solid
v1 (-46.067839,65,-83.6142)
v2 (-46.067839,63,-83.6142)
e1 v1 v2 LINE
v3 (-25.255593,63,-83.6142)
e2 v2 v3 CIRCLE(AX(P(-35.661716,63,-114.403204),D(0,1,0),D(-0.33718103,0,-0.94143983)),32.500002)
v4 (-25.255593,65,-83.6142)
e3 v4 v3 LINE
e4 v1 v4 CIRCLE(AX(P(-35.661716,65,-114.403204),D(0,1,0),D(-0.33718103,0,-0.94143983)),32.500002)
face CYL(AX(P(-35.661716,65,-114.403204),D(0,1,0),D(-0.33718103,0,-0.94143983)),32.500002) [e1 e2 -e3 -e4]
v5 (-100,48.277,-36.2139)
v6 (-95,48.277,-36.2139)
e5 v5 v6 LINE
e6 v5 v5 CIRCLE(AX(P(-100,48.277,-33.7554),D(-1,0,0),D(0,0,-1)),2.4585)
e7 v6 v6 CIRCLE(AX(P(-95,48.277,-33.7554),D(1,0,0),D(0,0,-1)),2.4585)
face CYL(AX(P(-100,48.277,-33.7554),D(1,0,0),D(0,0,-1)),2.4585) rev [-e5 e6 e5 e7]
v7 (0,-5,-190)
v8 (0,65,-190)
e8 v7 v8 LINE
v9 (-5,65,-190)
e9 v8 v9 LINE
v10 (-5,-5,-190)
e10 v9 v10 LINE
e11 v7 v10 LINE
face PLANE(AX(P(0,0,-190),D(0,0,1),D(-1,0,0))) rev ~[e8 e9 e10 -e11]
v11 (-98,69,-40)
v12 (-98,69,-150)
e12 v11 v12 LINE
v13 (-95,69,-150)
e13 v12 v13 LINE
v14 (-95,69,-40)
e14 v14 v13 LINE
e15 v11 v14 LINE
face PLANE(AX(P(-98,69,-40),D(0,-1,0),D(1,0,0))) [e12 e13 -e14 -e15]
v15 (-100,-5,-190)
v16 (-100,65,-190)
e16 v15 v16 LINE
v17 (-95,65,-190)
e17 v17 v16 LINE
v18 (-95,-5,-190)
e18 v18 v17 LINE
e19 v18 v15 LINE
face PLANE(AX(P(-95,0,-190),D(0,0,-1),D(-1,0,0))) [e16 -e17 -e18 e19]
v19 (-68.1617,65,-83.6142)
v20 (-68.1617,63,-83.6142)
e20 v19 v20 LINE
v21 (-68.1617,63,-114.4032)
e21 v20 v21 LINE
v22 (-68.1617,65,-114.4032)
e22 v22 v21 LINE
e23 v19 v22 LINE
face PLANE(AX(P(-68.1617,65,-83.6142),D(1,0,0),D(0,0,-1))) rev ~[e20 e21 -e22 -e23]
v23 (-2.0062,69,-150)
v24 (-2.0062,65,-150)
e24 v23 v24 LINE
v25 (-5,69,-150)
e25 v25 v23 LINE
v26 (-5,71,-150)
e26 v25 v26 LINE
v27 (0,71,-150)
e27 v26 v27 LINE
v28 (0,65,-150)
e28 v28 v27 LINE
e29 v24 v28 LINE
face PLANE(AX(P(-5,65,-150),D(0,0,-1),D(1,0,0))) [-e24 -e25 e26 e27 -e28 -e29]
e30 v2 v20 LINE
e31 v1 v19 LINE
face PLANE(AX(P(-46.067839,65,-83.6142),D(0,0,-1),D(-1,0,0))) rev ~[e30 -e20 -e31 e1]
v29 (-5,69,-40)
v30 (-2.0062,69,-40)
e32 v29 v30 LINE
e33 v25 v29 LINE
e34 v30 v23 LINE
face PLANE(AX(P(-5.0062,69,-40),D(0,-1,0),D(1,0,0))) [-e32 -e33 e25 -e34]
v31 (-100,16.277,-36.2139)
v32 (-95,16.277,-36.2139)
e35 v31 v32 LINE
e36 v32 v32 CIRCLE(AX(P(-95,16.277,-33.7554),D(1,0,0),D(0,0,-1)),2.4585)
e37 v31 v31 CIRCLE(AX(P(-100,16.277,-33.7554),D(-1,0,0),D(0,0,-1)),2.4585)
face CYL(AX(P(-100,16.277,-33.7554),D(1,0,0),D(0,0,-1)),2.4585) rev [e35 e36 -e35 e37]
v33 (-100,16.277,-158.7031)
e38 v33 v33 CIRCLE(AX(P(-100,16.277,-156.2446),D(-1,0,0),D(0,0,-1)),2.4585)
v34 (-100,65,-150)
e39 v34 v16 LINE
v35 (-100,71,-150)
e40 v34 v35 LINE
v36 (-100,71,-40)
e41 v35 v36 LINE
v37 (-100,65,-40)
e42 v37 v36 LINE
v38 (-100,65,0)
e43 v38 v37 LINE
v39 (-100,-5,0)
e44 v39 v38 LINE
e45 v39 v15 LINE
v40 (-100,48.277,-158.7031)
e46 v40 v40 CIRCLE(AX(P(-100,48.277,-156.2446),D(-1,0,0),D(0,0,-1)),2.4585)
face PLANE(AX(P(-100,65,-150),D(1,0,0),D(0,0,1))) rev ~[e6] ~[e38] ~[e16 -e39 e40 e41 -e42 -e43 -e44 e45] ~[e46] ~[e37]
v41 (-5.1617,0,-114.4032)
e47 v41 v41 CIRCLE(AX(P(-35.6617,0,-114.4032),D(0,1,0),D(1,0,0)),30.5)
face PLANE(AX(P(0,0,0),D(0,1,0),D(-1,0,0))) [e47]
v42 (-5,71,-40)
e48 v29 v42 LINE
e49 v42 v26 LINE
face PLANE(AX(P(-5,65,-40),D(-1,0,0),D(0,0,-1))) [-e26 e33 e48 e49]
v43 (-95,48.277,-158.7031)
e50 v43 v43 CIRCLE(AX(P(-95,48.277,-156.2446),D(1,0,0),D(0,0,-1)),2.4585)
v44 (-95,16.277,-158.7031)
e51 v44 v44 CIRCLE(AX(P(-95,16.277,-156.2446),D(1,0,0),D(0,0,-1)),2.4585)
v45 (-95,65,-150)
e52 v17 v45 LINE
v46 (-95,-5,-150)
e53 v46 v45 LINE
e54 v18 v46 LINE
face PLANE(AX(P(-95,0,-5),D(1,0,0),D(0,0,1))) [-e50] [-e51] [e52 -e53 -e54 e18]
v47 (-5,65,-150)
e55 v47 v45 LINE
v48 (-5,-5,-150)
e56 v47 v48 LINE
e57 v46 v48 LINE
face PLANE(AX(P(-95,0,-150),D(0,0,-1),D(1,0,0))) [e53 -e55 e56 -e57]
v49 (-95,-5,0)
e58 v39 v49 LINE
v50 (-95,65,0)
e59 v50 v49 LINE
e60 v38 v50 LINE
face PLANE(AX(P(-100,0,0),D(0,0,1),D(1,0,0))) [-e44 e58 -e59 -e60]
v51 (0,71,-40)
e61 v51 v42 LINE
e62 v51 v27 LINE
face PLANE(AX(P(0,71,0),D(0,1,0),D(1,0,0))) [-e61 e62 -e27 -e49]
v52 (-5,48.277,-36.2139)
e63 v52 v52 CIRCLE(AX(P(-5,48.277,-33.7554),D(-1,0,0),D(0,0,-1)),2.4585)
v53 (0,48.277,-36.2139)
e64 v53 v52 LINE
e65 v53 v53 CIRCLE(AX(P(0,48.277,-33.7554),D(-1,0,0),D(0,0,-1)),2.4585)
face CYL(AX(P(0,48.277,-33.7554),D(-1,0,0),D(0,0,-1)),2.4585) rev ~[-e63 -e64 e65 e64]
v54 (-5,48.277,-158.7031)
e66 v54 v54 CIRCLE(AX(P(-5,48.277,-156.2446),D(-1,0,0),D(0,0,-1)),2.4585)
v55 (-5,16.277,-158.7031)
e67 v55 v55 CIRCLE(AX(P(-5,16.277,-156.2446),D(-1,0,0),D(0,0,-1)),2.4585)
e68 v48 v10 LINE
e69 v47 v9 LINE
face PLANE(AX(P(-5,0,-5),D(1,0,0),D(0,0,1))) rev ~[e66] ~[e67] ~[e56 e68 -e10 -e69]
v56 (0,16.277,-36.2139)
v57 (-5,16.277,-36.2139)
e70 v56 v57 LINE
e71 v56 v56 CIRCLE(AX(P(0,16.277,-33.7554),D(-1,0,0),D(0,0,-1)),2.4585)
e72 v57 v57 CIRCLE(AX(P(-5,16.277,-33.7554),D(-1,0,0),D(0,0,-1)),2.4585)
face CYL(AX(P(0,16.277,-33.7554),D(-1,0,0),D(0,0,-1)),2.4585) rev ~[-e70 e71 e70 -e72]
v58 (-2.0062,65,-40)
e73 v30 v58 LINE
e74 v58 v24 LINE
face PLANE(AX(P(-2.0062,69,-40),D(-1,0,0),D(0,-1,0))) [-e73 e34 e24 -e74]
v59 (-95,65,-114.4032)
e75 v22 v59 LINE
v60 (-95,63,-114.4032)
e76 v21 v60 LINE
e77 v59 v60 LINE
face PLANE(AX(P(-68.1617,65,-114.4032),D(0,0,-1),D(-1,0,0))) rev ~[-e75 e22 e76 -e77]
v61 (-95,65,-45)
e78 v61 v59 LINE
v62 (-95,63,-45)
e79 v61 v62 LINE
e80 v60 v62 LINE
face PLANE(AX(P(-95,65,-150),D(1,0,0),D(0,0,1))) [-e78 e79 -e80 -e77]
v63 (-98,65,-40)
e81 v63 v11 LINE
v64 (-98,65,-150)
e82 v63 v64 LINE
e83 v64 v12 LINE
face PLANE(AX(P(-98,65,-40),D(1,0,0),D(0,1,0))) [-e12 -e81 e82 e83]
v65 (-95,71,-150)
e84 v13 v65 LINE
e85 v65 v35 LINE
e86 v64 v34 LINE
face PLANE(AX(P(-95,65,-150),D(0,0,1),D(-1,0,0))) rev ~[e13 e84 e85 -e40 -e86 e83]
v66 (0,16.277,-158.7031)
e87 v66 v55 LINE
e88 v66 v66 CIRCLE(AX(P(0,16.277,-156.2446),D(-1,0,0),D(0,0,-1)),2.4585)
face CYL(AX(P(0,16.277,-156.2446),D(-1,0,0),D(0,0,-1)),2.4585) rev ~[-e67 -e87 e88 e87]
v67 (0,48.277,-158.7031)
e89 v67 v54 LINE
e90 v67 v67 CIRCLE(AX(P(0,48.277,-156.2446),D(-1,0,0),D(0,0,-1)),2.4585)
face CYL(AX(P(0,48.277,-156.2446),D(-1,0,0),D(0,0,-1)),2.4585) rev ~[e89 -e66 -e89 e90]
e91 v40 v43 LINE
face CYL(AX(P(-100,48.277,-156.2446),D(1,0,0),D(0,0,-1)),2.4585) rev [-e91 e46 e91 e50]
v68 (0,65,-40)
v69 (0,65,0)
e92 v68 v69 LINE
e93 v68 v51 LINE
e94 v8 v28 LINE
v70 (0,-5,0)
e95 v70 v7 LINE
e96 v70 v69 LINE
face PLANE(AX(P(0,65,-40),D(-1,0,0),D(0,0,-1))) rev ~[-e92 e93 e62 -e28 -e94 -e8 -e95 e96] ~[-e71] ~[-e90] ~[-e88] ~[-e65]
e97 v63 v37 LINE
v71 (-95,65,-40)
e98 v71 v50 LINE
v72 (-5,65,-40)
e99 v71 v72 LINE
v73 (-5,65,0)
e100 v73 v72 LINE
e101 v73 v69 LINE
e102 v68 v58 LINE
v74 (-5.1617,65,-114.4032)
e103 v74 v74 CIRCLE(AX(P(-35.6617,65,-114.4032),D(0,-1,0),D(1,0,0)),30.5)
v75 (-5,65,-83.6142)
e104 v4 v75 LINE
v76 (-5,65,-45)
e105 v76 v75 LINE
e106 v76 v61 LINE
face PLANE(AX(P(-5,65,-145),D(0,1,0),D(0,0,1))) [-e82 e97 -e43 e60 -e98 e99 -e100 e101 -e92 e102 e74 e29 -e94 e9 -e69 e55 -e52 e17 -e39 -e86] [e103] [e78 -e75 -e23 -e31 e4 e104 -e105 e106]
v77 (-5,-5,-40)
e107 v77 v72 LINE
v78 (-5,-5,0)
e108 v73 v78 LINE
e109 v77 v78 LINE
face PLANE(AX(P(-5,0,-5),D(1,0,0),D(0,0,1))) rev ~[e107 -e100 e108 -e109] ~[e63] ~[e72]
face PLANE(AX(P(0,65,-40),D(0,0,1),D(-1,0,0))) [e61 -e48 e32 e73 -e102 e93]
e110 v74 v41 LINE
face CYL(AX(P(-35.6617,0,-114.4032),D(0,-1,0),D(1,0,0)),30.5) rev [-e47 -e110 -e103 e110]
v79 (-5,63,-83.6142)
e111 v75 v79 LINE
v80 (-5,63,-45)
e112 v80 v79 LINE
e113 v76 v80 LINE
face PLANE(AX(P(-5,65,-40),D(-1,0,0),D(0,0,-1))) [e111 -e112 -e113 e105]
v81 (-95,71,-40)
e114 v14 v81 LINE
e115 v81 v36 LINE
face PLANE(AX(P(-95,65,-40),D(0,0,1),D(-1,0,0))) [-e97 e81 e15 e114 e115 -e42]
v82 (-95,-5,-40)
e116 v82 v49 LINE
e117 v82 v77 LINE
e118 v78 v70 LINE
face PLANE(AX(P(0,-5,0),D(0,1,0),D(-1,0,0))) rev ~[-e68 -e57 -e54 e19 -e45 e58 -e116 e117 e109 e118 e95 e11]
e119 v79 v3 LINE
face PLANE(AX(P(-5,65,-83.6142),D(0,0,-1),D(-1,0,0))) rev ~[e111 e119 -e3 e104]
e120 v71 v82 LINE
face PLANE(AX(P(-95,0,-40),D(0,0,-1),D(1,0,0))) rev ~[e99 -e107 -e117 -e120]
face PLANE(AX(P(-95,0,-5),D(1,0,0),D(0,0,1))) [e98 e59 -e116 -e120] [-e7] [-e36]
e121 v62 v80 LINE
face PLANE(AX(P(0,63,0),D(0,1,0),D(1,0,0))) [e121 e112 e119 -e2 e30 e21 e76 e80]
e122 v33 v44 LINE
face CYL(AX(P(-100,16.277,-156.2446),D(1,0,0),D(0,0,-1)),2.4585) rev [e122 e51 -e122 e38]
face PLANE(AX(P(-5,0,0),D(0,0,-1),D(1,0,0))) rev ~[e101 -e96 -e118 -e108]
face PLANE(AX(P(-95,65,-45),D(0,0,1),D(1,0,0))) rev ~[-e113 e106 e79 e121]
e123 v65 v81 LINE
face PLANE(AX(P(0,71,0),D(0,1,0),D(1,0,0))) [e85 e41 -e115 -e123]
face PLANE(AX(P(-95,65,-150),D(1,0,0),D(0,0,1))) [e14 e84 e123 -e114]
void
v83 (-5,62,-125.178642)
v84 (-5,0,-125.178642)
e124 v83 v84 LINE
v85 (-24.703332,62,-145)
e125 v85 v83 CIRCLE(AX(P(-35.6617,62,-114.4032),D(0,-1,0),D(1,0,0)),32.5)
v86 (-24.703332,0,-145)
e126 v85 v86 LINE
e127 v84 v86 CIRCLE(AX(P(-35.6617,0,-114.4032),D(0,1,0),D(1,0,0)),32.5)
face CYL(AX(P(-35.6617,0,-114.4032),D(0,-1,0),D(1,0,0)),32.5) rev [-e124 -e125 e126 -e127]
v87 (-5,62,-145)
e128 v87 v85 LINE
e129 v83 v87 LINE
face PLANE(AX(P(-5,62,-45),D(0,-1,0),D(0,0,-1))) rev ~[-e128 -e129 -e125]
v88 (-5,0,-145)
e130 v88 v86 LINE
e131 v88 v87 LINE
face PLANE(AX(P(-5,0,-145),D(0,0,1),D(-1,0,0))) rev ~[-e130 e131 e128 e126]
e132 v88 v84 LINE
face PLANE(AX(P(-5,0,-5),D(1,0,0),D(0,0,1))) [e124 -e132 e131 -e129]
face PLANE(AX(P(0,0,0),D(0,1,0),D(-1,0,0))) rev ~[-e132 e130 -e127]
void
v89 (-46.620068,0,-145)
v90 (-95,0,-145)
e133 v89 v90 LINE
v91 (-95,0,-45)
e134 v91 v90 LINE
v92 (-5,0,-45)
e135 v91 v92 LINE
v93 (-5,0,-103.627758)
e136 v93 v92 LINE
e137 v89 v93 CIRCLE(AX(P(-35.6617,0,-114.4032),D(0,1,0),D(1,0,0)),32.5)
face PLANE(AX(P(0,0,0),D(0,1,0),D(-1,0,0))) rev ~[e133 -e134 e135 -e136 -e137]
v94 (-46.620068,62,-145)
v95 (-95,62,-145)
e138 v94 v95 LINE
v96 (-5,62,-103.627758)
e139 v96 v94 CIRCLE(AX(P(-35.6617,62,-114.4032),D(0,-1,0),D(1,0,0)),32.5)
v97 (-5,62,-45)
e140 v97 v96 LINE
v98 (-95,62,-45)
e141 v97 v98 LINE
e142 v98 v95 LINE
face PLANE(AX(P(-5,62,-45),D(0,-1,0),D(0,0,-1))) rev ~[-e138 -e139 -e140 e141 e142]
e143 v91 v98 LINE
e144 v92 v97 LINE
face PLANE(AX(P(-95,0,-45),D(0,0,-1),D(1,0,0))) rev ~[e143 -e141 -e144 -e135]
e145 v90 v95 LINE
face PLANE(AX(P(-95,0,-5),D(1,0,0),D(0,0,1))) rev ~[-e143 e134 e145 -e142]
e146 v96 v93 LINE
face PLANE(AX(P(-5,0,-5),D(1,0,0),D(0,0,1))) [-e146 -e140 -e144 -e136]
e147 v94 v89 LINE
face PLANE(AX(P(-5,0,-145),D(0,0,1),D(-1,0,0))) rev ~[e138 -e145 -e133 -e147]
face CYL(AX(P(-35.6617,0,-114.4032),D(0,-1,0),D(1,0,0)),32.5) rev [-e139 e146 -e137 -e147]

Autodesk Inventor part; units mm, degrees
ref_plane "YZ Plane" through (0, 0, 0) normal (1, 0, 0) x (0, 1, 0)
ref_plane "XZ Plane" through (0, 0, 0) normal (0, 1, 0) x (-1, 0, 0)
ref_plane "XY Plane" through (0, 0, 0) normal (0, 0, 1) x (1, 0, 0)
sketch "Sketch1" plane through (0, 0, 0) normal (0, 1, 0) x (-1, 0, 0)
  line L0 (0, 0) -> (0, -190)
  line L1 (0, -190) -> (100, -190)
  line L2 (100, -190) -> (100, 0)
  line L3 (100, 0) -> (0, 0)
  line L4 (95, -5) -> (95, -185)
  line L5 (95, -185) -> (5, -185)
  line L6 (5, -185) -> (5, -5)
  line L7 (5, -5) -> (95, -5)
  line L8 (95, -5) -> (95, 0)
  line L9 (95, -185) -> (95, -190)
  line L10 (5, -185) -> (5, -190)
  line L11 (5, -5) -> (5, 0)
  line L12 (100, -45) -> (0, -45)
  line L13 (0, -45) -> (0, -145)
  line L14 (0, -145) -> (100, -145)
  line L15 (100, -145) -> (100, -45)
  line L16 (100, -40) -> (0, -40)
  line L17 (100, -150) -> (0, -150)
  point P0 (100, -95)
  point P1 (100, -95)
  point P2 (5, -150)
  point P3 (95, -150)
  point P4 (95, -40)
  point P5 (5, -40)
  point P6 (95, -145)
  point P7 (5, -145)
  point P8 (5, -45)
  point P9 (95, -45)
  dimension "d0" = 190
  dimension "d1" = 100
  dimension "d2" = 100
  dimension "d3" = 5
  dimension "d4" = 5
extrude "Extrusion1" add sketch "Sketch1" along normal blind 65 contours L3 L11 L6 L16 L0 | L16 L6 L12 L0 | L12 L6 L14 L0 | L3 L2 L16 L4 L8 | L14 L6 L17 L0 | L16 L2 L12 L4 | L17 L6 L10 L1 L0 | L12 L2 L14 L4 | L14 L2 L17 L4 | L17 L2 L1 L9 L4
extrude "Extrusion2" add sketch "Sketch1" against normal blind 5 contours L3 L11 L6 L16 L0 | L16 L6 L12 L0 | L12 L6 L14 L0 | L16 L4 L12 L6 | L3 L2 L16 L4 L8 | L14 L6 L17 L0 | L12 L4 L14 L6 | L16 L2 L12 L4 | L17 L6 L10 L1 L0 | L14 L4 L17 L6 | L12 L2 L14 L4 | L14 L2 L17 L4 | L17 L2 L1 L9 L4
extrude "Extrusion3" add sketch "Sketch1" along normal blind 65 contours L14 L4 L17 L6
extrude "Extrusion5" add sketch "Sketch1" along normal blind 65 contours L16 L4 L12 L6
sketch "Sketch2" plane through (0, 0, 0) normal (0, 1, 0) x (1, 0, 0)
  circle A0 centre (-35.6617, 114.4032) radius 30.5
  circle A1 centre (-35.6617, 114.4032) radius 32.5
  point P0 (0, 0)
  dimension "d11" = 61
  dimension "d12" = 65
extrude "Extrusion4" add sketch "Sketch2" along normal blind 65
sketch "Sketch3" plane through (-5, 0, -103.6278) normal (-1, 0, 0) x (0, 0, 1)
  line L0 (-41.3722, 65) -> (-21.5507, 65) projected
  line L1 (58.6278, 0) -> (58.6278, 65) projected
  line L2 (-41.3722, 65) -> (58.6278, 65)
  line L3 (58.6278, 65) -> (58.6278, 62)
  line L4 (58.6278, 62) -> (-41.3722, 62)
  line L5 (-41.3722, 62) -> (-41.3722, 65)
  point P0 (103.6278, 0)
  dimension "d17" = 3
extrude "Extrusion6" add sketch "Sketch3" along normal up to surface (90 mm away)
extrude "Extrusion7" cut sketch "Sketch2" along normal blind 66.5 contours A0
sketch "Sketch4" plane through (0, 65, 0) normal (0, 1, 0) x (1, 0, 0)
  line L0 (-95, 145) -> (-95, 45) projected
  line L1 (-5, 45) -> (-5, 103.6278) projected
  line L2 (-95, 45) -> (-5, 45)
  line L3 (-5, 45) -> (-5, 83.6142)
  line L4 (-5, 83.6142) -> (-95, 83.6142)
  line L5 (-95, 83.6142) -> (-95, 45)
  arc A0 (-46.6201, 145) -> (-5, 103.6278) centre (-35.6617, 114.4032) ccw projected
  line L6 (-95, 83.6142) -> (-68.1617, 83.6142)
  line L7 (-68.1617, 83.6142) -> (-68.1617, 114.4032)
  line L8 (-68.1617, 114.4032) -> (-95, 114.4032)
  line L9 (-95, 114.4032) -> (-95, 83.6142)
  point P0 (0, 0)
  point P1 (-25.2556, 83.6142)
  point P2 (-46.0678, 83.6142)
extrude "Extrusion8" cut sketch "Sketch4" against normal blind 2 contours L8 L7 L4 L0 | L4 A0 L1 L2 L0
sketch "Sketch5" plane through (0, 65, 0) normal (1, 0, 0) x (0, 0, -1)
  circle A0 centre (33.7554, -16.723) radius 5.5293
  circle A1 centre (33.7554, -48.723) radius 5.535
  circle A2 centre (156.2446, -16.723) radius 5.926
  circle A3 centre (156.2446, -48.723) radius 6.0534
  line L0 (33.7554, -16.723) -> (33.7554, -48.723)
  line L1 (33.7554, -16.723) -> (156.2446, -16.723)
  line L2 (0, 0) -> (190, 0) projected
  line L3 (0, -70) -> (0, 0) projected
  line L4 (0, 0) -> (190, 0)
  point P0 (0, -65)
  point P1 (95, -16.723)
  point P2 (33.7554, -32.723)
  point P3 (95, 0)
  dimension "d24" = 16.723
  dimension "d25" = 32
hole "Hole1" at (0, 48.277, -33.7554) at (0, 16.277, -33.7554) at (0, 16.277, -156.2446) at (0, 48.277, -156.2446) direction (-1, 0, 0) diameter 4.917 depth 17.1 thread size "M6x1" class "6H" standard "ANSI Metric M Profile"
ref_plane "Work Plane1" through (-50, 65, 0) normal (1, 0, 0) x (0, 0, -1)
mirror "Mirror1" about plane through (-50, 65, 0) normal (1, 0, 0) of "Hole1"
sketch "Sketch6" plane through (0, 65, 0) normal (0, 1, 0) x (1, 0, 0)
  line L0 (-95, 150) -> (-95, 190) projected
  line L1 (-95, 150) -> (-100, 150)
  line L2 (-100, 190) -> (-100, 0) projected
  line L3 (-95, 40) -> (-5, 40) projected
  line L4 (-95, 40) -> (-100, 40)
  line L5 (-100, 150) -> (-95, 150)
  line L6 (-95, 150) -> (-95, 40)
  line L7 (-95, 40) -> (-100, 40)
  line L8 (-100, 40) -> (-100, 150)
  line L9 (0, 0) -> (0, 190) projected
  line L10 (-5, 150) -> (0, 150)
  line L11 (0, 150) -> (0, 40)
  line L12 (0, 40) -> (-5, 40)
  line L13 (-5, 40) -> (-5, 150)
extrude "Extrusion9" add sketch "Sketch6" along normal blind 6
sketch "Sketch7" plane through (-100, 65, -40) normal (0, 0, 1) x (1, 0, 0)
  line L0 (5, 0) -> (5, 6) projected
  line L1 (5, 4) -> (5, 0)
  line L2 (5, 0) -> (2, 0)
  line L3 (2, 0) -> (2, 4)
  line L4 (2, 4) -> (5, 4)
  line L5 (94.9938, 4) -> (97.9938, 4)
  line L6 (97.9938, 4) -> (97.9938, 0)
  line L7 (97.9938, 0) -> (94.9938, 0)
  line L8 (94.9938, 0) -> (94.9938, 4)
  line L9 (5, 0) -> (5, 6) projected
  line L10 (0, 0) -> (5, 0) projected
  line L11 (95, 0) -> (100, 0) projected
  point P0 (100, -65)
  dimension "d35" = 4
  dimension "d36" = 3
  dimension "d37" = 3
  dimension "d38" = 4
  dimension "d39" = 0
  dimension "d40" = 0
extrude "Extrusion10" cut sketch "Sketch7" against normal up to surface (110 mm away)
properties part number "MiddlePart"
